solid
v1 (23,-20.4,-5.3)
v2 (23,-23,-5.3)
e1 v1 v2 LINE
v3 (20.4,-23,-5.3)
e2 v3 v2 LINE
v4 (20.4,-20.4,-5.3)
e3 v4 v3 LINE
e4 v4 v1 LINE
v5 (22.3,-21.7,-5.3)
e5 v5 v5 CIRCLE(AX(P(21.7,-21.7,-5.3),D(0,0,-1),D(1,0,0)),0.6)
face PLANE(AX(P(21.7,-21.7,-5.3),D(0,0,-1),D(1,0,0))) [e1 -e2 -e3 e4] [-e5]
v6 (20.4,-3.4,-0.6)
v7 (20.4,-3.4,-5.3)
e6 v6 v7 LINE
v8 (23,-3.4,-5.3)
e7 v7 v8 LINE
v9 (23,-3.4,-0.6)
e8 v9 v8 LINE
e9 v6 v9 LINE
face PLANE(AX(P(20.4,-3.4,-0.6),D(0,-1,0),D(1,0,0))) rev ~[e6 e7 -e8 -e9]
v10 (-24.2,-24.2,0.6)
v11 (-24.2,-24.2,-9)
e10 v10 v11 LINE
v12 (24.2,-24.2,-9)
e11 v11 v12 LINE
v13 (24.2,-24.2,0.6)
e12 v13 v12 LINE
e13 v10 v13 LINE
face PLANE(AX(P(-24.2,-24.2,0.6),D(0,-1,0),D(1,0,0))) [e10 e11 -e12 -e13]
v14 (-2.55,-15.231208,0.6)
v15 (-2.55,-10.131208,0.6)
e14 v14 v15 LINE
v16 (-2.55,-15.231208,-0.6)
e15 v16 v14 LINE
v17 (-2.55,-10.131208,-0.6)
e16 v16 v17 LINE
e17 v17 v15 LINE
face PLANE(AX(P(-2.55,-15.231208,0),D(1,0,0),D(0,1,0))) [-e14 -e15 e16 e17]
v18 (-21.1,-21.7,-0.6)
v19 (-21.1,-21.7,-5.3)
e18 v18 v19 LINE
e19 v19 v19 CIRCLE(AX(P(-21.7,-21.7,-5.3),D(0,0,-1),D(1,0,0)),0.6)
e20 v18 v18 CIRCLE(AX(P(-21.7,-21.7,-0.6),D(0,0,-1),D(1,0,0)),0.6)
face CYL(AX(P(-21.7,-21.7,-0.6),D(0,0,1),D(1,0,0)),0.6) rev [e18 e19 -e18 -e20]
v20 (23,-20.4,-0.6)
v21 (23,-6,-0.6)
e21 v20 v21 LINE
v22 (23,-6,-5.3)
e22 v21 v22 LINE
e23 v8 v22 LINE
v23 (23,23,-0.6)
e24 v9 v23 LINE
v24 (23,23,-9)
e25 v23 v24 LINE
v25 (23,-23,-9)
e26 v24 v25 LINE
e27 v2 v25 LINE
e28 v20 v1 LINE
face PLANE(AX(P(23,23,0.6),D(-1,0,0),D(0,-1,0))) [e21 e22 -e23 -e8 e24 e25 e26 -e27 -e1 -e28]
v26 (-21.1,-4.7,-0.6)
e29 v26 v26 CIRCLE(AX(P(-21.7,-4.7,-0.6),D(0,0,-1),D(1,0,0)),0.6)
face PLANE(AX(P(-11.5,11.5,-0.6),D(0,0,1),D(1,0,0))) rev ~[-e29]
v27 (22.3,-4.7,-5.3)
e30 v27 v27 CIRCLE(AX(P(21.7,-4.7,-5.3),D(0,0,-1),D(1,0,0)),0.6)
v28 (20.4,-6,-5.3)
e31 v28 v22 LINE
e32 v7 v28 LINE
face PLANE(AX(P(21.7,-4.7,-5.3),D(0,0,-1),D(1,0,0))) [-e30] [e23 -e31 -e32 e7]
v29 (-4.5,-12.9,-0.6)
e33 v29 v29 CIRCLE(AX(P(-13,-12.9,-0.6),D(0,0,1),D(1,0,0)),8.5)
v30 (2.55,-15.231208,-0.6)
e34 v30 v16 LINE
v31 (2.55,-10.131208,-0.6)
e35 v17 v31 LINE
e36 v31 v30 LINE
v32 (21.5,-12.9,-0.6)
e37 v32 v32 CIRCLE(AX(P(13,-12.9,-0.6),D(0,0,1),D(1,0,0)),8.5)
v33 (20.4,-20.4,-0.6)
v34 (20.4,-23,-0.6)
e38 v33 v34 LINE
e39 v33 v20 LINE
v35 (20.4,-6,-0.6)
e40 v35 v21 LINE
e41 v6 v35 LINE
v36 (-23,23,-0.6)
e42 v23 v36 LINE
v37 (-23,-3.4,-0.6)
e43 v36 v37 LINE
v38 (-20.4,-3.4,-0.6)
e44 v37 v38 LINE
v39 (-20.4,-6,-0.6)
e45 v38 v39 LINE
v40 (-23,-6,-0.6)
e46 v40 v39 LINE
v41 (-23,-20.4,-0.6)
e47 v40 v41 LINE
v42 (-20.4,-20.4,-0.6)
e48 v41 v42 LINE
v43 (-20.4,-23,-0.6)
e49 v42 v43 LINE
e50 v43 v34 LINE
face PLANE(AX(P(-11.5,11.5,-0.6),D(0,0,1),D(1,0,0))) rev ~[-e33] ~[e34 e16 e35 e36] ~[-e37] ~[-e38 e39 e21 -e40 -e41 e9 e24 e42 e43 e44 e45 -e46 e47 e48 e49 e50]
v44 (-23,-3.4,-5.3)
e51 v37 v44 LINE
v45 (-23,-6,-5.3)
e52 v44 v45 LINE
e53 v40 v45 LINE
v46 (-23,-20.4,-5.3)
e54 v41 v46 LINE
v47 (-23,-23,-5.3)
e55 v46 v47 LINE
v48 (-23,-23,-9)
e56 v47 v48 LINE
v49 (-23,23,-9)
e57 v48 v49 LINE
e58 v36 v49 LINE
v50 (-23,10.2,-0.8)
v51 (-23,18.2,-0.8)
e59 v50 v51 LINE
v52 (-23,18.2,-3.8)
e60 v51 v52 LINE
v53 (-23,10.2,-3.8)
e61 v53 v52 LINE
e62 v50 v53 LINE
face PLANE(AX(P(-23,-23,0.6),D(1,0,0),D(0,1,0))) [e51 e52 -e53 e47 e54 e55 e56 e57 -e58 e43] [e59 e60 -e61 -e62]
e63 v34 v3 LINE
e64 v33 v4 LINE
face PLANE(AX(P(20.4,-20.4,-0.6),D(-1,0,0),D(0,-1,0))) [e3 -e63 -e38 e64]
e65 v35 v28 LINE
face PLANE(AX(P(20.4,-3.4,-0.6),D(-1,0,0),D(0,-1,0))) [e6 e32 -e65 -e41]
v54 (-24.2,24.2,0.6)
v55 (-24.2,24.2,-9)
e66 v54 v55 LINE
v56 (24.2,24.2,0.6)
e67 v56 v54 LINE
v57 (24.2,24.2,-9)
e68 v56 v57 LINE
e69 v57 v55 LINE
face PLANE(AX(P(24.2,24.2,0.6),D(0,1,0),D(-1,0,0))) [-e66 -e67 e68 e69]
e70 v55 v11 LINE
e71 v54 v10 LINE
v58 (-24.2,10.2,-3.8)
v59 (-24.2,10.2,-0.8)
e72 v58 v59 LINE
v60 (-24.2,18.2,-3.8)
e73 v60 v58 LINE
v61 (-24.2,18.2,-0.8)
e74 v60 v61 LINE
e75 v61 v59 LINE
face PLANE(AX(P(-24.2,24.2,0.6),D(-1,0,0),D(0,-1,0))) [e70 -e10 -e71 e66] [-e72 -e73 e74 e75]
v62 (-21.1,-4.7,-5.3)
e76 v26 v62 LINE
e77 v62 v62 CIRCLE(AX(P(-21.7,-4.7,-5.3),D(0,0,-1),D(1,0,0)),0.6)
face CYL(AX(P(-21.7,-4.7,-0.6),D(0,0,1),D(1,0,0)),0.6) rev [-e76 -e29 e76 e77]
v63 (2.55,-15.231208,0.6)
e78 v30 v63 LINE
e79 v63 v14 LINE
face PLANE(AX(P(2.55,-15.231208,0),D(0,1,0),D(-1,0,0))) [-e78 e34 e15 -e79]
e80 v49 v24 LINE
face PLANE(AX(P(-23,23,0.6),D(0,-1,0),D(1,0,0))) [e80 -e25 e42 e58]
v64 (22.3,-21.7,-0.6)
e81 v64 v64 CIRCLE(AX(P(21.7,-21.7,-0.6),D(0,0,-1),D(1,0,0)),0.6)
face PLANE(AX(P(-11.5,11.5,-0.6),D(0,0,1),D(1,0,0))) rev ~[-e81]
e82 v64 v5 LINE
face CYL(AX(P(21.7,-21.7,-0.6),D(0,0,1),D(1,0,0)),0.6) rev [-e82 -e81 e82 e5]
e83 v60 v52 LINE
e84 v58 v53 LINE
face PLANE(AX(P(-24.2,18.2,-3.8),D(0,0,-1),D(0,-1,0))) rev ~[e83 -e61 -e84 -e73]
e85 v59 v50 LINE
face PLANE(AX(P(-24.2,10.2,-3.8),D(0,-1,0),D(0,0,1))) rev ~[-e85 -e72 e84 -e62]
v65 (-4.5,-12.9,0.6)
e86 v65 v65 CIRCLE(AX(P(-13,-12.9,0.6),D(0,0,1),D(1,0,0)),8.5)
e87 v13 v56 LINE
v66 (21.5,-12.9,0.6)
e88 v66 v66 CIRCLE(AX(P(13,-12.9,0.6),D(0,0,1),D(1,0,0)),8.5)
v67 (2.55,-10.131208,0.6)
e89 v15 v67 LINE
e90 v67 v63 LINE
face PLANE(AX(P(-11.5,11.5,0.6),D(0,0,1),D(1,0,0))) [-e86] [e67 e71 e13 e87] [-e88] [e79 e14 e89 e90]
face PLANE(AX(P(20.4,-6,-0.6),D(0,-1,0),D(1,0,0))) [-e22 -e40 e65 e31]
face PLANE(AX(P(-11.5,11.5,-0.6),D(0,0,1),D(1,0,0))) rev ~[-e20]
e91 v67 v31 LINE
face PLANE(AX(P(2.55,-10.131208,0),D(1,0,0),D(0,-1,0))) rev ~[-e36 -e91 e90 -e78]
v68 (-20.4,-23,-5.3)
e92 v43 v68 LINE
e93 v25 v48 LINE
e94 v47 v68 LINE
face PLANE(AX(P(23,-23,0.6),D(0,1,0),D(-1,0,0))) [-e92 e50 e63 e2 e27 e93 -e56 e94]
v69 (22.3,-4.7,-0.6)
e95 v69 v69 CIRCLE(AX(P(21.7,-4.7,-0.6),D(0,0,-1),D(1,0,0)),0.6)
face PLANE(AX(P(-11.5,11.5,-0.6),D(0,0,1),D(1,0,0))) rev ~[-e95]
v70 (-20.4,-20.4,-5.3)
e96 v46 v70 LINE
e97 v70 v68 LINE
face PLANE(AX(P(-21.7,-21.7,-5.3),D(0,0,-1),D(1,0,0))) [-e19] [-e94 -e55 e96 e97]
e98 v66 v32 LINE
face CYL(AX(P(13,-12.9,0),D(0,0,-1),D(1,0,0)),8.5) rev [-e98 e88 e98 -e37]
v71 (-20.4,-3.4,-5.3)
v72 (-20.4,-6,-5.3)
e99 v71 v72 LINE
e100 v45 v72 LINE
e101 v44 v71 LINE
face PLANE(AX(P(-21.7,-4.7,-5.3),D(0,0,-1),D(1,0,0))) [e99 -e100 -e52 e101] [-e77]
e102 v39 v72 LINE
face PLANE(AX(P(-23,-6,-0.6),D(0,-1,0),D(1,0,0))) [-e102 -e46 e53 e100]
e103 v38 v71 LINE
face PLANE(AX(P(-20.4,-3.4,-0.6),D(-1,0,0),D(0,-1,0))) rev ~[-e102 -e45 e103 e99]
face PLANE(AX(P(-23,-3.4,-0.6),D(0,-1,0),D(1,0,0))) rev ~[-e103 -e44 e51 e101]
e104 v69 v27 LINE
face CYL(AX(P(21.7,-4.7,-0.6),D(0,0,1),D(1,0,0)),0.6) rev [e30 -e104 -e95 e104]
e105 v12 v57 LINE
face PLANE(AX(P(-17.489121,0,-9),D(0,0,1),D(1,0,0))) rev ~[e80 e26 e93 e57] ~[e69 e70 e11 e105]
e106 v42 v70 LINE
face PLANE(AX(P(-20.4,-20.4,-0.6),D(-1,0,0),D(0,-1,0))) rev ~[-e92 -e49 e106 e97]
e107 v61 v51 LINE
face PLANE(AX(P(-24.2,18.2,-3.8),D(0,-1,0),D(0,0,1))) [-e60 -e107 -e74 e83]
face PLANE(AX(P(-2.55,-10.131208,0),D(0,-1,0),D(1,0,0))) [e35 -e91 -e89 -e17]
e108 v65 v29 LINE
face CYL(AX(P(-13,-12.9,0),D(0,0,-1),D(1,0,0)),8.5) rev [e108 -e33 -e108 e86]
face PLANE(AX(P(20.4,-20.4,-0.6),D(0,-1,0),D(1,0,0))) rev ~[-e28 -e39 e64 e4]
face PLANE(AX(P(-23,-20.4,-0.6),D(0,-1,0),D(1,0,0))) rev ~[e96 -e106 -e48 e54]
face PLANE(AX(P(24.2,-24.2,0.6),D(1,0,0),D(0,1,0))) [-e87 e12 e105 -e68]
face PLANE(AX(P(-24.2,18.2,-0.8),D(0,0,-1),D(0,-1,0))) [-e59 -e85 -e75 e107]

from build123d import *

# Parameters (mm, degrees)
F0_W     = 23
F0_H     = 23
F0_R     = 8.5
F1_DEPTH = 0.6
F3_DEPTH = 9.6
F4_W     = 2.6
F4_H     = 2.6
F4_R     = 0.6
F5_DEPTH = 4.7
F6_W     = 8
F6_H     = 3
F7_DEPTH = 1.4


with BuildPart() as f1:
    # F0 (on Top) → F1 (new body, symmetric)
    with BuildSketch(Plane.XY):
        with Locations((-11.5, 11.5)):
            Rectangle(F0_W, F0_H)
        Polygon((0, -10.131208), (0, 0), (-23, 0), (-23, -23), (0, -23), (0, -15.231208), (-2.55, -15.231208), (-2.55, -10.131208), align=None)
        with Locations((-13, -12.9)):
            Circle(F0_R, mode=Mode.SUBTRACT)
        with Locations((11.5, 11.5)):
            Rectangle(F0_W, F0_H)
        Polygon((23, 0), (0, 0), (0, -10.131208), (2.55, -10.131208), (2.55, -15.231208), (0, -15.231208), (0, -23), (23, -23), align=None)
        with Locations((13, -12.9)):
            Circle(F0_R, mode=Mode.SUBTRACT)
    extrude(amount=F1_DEPTH, both=True)

    # F2 (on face) → F3 (join)
    with BuildSketch(Plane.XY.offset(0.6)):
        Polygon((-23, 23), (0, 23), (0, 24.2), (-24.2, 24.2), (-24.2, -24.2), (0, -24.2), (0, -23), (-23, -23), align=None)
        Polygon((0, 23), (23, 23), (23, -23), (0, -23), (0, -24.2), (24.2, -24.2), (24.2, 24.2), (0, 24.2), align=None)
    extrude(amount=-F3_DEPTH)

    # F4 (on face) → F5 (join)
    with BuildSketch(Plane(origin=(0, 0, -0.6), x_dir=(1, 0, 0), z_dir=(0, 0, -1))):
        with Locations((21.7, 21.7)):
            Rectangle(F4_W, F4_H)
        with Locations((21.7, 21.7)):
            Circle(F4_R, mode=Mode.SUBTRACT)
        with Locations((-21.7, 21.7)):
            Rectangle(F4_W, F4_H)
        with Locations((-21.7, 21.7)):
            Circle(F4_R, mode=Mode.SUBTRACT)
        with Locations((-21.7, 4.7)):
            Rectangle(F4_W, F4_H)
        with Locations((-21.7, 4.7)):
            Circle(F4_R, mode=Mode.SUBTRACT)
        with Locations((21.7, 4.7)):
            Rectangle(F4_W, F4_H)
        with Locations((21.7, 4.7)):
            Circle(F4_R, mode=Mode.SUBTRACT)
    extrude(amount=F5_DEPTH)

    # F6 (on face) → F7 (cut)
    with BuildSketch(Plane(origin=(-24.2, 0, 0), x_dir=(0, -1, 0), z_dir=(-1, 0, 0))):
        with Locations((-14.2, -2.3)):
            Rectangle(F6_W, F6_H)
    extrude(amount=-F7_DEPTH, mode=Mode.SUBTRACT)


solid = f1.part
